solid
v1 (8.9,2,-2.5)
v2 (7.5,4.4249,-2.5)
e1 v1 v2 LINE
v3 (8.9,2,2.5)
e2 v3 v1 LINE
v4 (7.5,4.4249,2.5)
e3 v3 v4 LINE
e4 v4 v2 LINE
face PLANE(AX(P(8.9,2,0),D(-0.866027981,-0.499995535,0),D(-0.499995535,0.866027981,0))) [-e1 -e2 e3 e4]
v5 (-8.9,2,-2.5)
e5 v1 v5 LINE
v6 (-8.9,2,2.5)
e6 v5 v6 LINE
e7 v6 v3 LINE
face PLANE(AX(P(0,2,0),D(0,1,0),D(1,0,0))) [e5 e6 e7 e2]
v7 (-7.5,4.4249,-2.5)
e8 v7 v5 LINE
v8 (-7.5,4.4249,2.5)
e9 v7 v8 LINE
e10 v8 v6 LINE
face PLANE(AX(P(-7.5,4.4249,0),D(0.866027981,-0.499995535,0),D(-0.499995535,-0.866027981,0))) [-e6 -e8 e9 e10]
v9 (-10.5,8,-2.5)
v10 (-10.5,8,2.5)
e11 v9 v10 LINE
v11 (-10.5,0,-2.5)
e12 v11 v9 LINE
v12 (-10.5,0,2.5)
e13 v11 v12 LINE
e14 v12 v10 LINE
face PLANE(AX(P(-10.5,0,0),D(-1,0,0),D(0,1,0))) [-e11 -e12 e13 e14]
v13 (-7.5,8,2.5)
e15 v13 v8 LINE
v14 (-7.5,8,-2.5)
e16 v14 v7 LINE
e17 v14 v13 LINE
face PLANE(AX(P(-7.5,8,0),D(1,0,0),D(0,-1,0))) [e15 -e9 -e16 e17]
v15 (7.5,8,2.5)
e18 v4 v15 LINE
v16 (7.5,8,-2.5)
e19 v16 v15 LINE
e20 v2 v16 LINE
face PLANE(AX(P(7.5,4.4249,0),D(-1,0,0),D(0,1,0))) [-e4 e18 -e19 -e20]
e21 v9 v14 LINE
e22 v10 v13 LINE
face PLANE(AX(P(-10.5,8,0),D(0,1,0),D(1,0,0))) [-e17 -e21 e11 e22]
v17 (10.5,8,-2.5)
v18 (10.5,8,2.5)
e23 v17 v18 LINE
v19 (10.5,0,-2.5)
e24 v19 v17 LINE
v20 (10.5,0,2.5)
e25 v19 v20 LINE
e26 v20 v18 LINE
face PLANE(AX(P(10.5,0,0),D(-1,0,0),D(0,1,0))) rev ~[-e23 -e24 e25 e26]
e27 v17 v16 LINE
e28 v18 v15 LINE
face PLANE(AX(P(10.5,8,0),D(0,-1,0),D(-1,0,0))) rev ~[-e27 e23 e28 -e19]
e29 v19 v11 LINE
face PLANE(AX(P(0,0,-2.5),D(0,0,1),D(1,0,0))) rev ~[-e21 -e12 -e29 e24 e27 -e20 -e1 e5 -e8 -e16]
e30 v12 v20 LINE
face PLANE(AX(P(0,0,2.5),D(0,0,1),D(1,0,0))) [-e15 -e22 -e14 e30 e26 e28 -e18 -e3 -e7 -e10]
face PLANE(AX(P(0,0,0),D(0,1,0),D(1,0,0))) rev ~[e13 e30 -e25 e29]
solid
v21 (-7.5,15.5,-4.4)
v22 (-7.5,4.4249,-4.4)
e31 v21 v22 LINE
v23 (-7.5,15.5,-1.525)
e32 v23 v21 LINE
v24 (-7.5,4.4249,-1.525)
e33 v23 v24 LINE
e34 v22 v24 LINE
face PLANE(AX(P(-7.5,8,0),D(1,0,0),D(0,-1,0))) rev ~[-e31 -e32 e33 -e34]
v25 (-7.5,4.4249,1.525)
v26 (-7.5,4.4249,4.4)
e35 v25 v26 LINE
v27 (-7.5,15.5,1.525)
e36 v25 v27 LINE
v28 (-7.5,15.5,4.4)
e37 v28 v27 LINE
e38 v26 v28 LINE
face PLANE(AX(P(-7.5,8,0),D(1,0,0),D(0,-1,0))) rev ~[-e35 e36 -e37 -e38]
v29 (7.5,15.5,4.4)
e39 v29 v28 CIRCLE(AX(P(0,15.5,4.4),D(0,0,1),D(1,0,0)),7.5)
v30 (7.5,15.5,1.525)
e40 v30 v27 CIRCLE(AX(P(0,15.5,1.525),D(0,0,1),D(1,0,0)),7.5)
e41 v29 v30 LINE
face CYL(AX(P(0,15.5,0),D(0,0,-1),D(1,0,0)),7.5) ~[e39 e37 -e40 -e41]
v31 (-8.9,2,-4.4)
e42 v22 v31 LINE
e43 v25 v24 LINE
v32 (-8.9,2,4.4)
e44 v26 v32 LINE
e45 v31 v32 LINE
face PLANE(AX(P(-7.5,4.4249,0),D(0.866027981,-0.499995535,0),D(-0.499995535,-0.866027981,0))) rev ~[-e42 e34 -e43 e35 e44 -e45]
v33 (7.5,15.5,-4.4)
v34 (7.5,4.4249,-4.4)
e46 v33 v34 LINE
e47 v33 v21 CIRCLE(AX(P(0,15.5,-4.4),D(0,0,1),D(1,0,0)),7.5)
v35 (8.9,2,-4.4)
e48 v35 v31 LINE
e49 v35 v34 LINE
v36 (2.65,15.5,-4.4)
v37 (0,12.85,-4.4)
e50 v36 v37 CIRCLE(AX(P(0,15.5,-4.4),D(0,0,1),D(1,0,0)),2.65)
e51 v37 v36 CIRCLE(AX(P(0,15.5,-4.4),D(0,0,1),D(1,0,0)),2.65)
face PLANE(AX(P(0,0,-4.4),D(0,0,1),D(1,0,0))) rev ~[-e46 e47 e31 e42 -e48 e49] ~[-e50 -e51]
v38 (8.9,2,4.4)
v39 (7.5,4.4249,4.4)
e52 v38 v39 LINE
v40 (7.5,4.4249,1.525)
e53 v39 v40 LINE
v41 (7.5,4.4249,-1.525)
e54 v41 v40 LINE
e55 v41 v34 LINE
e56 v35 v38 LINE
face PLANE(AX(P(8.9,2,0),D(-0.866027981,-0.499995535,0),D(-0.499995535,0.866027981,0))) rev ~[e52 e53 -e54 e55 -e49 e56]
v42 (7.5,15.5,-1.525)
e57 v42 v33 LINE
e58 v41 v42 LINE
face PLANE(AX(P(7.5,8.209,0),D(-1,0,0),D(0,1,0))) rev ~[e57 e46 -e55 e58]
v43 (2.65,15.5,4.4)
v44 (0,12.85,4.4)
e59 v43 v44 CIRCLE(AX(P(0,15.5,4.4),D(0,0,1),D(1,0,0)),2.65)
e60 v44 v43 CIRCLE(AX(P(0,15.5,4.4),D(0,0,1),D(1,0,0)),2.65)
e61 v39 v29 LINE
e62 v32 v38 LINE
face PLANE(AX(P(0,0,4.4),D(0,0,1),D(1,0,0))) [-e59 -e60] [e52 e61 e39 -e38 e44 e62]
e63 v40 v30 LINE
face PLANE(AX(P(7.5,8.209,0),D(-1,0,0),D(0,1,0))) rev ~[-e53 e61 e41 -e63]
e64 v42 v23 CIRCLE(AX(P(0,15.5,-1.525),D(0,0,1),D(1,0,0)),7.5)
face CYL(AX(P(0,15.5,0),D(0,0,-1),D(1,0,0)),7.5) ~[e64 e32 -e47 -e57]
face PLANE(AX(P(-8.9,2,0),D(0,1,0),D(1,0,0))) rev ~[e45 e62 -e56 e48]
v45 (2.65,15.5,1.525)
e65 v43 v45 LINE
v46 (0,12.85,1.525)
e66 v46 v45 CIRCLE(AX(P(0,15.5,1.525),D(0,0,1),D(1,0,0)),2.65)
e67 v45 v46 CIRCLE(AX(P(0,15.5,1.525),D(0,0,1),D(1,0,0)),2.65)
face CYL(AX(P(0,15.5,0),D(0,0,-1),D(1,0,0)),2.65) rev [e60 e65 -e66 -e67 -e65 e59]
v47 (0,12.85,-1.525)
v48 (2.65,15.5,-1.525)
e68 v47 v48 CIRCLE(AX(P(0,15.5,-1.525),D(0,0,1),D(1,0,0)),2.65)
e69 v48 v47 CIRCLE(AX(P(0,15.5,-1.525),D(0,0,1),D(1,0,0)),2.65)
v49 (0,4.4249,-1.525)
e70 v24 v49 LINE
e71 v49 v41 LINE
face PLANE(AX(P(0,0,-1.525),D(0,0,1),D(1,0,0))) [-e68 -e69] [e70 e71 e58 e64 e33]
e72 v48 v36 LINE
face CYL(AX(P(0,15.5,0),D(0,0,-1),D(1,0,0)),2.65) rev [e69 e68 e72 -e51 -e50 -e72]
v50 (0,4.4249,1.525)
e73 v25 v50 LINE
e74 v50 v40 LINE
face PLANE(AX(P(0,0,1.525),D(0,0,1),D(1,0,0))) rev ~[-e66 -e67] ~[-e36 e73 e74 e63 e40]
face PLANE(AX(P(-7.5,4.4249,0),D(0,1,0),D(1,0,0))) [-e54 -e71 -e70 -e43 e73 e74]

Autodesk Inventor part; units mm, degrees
ref_plane "YZ Plane" through (0, 0, 0) normal (1, 0, 0) x (0, 1, 0)
ref_plane "XZ Plane" through (0, 0, 0) normal (0, 1, 0) x (-1, 0, 0)
ref_plane "XY Plane" through (0, 0, 0) normal (0, 0, 1) x (1, 0, 0)
sketch "草圖1" plane through (0, 0, 0) normal (0, 0, 1) x (1, 0, 0)
  line L0 (0, 14.1483) -> (0, -10.3645)
  line L1 (0, 0) -> (-10.5, 0)
  line L2 (-10.5, 0) -> (-10.5, 8)
  line L3 (-10.5, 8) -> (-7.5, 8)
  line L4 (0, 0) -> (10.5, 0)
  line L5 (10.5, 0) -> (10.5, 8)
  line L6 (10.5, 8) -> (7.5, 8)
  circle A0 centre (0, 15.5) radius 2.65
  circle A1 centre (0, 15.5) radius 7.5 construction
  line L7 (-7.5, 4.4249) -> (-8.9, 2)
  line L8 (-8.9, 2) -> (0.3304, 2)
  line L9 (0.3304, 2) -> (8.9, 2)
  line L10 (8.9, 2) -> (7.5, 4.4249)
  line L11 (7.5, 4.4249) -> (7.5, 8.209)
  line L12 (-7.5, 8.147) -> (-7.5, 4.4249)
  line L13 (-7.5, 8.147) -> (-7.5, 15.5)
  line L14 (7.5, 8.209) -> (7.5, 15.5)
  arc A2 (7.5, 15.5) -> (-7.5, 15.5) centre (0, 15.5) ccw
  line L15 (-7.5, 4.4249) -> (7.5, 4.4249)
  point P0 (0, 2)
  dimension "d4" = 8
  dimension "d5" = 3
  dimension "d7" = 5.3
  dimension "d14" = 15
  dimension "d19" = 60
  dimension "d20" = 1.6
  dimension "d21" = 2
  dimension "d22" = 60
extrude "擠出1" add sketch "草圖1" along normal mid plane 5 contours L8 L9 L10 L11 L6 L5 L4 L0 | L0 L1 L2 L3 L12 L7 L8
extrude "擠出2" add sketch "草圖1" along normal mid plane 8.8 separate body contours L15 L12 L13 A2 L14 L11 | L15 L10 L9 L8 L0 | L0 L8 L7 L15
extrude "擠出3" cut sketch "草圖1" along normal mid plane 3.05 contours L15 L12 L13 A2 L14 L11 bodies 2
properties part number "base"
